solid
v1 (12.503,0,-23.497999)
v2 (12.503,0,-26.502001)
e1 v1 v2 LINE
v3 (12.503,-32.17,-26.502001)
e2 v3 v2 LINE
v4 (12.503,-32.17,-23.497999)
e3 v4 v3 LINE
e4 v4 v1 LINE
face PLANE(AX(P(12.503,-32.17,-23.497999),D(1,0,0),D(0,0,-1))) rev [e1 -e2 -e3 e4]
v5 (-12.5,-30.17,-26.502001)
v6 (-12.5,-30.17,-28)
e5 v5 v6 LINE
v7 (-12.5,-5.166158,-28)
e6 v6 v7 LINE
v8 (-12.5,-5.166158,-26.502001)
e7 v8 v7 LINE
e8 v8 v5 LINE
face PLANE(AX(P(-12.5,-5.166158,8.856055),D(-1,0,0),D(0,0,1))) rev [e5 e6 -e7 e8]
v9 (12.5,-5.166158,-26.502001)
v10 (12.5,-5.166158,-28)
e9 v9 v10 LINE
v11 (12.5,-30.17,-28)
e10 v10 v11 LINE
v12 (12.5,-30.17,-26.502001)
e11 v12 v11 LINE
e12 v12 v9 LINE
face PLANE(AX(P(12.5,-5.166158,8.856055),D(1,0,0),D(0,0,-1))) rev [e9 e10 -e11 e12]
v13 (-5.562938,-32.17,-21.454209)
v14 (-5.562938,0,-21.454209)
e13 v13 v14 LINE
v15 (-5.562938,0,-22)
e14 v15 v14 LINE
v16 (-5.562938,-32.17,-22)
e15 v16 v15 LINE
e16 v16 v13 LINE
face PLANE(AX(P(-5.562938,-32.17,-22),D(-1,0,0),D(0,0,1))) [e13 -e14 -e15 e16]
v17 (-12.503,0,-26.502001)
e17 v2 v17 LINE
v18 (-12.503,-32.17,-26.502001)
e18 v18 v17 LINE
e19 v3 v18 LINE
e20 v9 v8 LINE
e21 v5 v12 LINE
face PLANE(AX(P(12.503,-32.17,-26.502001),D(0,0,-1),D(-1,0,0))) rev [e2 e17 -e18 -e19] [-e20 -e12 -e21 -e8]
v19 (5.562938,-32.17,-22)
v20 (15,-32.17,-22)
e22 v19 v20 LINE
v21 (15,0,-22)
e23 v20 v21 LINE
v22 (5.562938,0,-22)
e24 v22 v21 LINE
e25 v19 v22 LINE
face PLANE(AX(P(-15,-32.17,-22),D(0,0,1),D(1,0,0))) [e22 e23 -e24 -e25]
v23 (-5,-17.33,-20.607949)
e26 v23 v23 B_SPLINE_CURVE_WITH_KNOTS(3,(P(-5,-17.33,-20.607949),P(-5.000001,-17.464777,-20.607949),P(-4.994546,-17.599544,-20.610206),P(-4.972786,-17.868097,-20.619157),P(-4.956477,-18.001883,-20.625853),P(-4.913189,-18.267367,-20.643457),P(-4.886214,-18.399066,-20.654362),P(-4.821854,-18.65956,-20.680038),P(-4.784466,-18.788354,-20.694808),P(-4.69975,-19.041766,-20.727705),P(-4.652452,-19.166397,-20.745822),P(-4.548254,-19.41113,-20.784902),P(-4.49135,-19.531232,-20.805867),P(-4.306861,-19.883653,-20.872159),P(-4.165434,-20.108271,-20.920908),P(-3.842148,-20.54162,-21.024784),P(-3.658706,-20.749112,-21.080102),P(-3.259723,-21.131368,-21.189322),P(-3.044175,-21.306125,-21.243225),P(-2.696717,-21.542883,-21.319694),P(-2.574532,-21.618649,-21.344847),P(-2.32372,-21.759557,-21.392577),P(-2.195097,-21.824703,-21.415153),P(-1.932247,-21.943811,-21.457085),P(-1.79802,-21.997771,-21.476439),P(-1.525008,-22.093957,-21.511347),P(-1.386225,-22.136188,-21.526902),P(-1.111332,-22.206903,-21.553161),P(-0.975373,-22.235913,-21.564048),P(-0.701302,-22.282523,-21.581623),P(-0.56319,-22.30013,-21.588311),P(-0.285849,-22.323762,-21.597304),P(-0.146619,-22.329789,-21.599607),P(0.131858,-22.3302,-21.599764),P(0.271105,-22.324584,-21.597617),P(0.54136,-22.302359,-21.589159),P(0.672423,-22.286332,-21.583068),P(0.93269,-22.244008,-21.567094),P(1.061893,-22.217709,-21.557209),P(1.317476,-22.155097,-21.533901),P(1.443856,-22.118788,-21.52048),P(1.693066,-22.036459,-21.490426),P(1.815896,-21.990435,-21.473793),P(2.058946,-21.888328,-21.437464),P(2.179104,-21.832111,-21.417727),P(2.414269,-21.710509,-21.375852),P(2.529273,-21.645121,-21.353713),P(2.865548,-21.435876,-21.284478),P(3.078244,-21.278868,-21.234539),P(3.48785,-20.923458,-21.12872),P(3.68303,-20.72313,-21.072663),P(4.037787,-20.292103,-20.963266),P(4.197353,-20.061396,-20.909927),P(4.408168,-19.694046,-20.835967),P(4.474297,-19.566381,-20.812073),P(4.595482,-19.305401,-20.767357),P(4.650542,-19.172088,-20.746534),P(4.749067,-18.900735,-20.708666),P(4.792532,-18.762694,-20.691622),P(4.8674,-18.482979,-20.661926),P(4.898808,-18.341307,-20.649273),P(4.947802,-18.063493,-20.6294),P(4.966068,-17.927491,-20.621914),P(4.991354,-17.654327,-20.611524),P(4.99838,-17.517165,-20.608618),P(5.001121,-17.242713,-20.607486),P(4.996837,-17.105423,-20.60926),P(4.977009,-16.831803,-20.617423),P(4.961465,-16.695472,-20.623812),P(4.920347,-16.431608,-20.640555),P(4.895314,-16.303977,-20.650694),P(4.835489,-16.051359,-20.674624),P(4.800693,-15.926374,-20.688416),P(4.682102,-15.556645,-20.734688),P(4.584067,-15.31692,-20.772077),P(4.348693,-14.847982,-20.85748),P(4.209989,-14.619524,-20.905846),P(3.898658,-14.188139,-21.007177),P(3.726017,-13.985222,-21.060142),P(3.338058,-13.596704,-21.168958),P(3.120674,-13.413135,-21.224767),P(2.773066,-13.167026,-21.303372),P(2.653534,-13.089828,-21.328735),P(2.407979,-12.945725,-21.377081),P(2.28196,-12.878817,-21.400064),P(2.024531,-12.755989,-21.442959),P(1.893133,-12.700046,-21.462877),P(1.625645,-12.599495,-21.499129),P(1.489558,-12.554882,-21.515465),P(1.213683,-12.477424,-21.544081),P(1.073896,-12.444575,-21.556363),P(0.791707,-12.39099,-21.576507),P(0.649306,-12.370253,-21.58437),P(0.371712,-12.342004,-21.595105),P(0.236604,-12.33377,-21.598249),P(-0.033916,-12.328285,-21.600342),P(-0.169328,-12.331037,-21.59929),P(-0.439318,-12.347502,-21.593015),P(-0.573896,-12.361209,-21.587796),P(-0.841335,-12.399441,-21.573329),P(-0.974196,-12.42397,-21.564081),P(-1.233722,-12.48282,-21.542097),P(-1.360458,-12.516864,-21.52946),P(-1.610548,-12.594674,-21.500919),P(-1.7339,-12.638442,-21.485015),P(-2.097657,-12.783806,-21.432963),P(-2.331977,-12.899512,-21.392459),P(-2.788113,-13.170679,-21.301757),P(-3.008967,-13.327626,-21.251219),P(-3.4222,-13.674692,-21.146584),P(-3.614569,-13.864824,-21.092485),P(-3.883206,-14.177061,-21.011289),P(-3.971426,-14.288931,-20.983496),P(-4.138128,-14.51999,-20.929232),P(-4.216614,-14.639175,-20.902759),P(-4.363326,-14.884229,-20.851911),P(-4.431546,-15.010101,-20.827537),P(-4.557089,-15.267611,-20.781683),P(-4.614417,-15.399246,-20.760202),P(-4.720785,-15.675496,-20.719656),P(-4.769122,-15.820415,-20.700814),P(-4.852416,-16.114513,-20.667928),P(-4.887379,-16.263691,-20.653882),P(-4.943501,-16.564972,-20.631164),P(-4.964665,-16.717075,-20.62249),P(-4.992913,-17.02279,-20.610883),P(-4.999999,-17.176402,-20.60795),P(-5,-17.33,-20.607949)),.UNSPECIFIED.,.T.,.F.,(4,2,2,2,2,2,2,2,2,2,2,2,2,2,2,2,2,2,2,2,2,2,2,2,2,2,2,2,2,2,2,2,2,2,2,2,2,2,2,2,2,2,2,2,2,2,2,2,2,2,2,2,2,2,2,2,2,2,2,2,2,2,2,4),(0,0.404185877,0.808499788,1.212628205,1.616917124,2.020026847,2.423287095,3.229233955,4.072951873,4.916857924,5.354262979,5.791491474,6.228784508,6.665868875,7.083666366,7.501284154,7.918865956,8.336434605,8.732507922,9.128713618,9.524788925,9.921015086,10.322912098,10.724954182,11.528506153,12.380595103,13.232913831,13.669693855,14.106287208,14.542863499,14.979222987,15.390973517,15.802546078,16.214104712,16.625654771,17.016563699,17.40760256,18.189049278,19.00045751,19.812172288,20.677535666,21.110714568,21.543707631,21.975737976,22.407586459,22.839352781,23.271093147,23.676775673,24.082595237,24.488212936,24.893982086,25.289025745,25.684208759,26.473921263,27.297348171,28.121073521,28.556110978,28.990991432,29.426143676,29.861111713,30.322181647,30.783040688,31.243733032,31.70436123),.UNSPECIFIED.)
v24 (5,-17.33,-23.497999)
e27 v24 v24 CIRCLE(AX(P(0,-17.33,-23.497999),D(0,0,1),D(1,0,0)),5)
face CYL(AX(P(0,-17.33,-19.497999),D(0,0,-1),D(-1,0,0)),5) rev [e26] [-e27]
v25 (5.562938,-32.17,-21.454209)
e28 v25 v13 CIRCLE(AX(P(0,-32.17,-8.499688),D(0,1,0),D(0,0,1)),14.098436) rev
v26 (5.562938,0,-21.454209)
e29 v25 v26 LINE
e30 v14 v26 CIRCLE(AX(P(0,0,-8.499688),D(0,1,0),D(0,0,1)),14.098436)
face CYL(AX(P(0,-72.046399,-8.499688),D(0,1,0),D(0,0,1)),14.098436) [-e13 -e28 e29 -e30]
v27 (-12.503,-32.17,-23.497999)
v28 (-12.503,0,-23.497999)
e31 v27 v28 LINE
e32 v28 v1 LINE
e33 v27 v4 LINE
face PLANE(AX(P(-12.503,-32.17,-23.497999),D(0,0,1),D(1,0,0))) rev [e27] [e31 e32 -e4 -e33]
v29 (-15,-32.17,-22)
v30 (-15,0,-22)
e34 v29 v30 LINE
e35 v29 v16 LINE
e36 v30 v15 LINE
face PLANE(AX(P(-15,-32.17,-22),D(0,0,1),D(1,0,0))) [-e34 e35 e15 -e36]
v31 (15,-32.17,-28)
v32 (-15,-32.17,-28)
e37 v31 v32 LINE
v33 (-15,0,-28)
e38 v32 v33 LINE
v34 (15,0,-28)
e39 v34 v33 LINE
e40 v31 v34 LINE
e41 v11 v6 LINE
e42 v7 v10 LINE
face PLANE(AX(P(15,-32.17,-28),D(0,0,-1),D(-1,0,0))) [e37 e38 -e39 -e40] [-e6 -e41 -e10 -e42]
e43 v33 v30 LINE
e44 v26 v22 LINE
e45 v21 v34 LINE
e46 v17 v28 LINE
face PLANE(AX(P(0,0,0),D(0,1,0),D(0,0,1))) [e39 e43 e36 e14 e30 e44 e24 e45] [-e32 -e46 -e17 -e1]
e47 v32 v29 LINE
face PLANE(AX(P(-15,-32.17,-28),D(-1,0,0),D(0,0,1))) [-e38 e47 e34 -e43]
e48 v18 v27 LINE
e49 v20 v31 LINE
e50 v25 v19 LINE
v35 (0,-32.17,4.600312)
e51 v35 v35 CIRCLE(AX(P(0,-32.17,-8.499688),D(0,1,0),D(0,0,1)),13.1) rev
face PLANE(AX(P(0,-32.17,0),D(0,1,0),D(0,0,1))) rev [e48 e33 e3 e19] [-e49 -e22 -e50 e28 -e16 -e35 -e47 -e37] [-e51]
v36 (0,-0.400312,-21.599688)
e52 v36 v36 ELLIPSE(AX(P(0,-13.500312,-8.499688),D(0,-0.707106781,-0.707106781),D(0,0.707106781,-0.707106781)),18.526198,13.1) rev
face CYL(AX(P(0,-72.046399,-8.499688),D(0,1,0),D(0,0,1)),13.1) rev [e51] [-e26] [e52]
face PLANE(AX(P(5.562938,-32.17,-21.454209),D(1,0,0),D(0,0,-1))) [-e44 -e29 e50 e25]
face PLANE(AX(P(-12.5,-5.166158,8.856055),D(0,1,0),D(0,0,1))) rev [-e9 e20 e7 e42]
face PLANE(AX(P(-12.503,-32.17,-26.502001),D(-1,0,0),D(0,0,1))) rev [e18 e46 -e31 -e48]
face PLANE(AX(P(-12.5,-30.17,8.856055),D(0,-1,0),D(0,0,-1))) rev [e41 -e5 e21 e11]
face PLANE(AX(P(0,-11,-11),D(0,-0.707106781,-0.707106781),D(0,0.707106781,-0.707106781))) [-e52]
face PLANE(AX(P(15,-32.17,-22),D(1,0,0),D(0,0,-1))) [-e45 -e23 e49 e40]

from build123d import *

# Parameters (mm, degrees)
CROQUIS1_W                 = 30
CROQUIS1_H                 = 6
CROQUIS1_W_2               = 25.006000518
CROQUIS1_H_2               = 3.004001618
SALIENTE_EXTRUIR1_DEPTH    = 32.17
CROQUIS2_W                 = 25
CROQUIS2_H                 = 25.003841724
CORTAR_EXTRUIR1_DEPTH      = 1.497999
CROQUIS3_R                 = 14.098435913
CROQUIS3_R_2               = 13.1
SALIENTE_EXTRUIR2_DEPTH    = 32.17
CROQUIS10_W                = 30.177827817
CROQUIS10_H                = 41.273822818
SALIENTE_EXTRUIR4_DEPTH    = 22
CORTAR_EXTRUIR2_DEPTH      = 10
CORTAR_EXTRUIR2_DEPTH_BACK = 58
CROQUIS12_W                = 43.091208183
CROQUIS12_H                = 18.563452801
CORTAR_EXTRUIR3_DEPTH      = 58
CORTAR_EXTRUIR3_DEPTH_BACK = 58
SALIENTE_EXTRUIR6_DEPTH    = 32.17
CROQUIS22_R                = 5
CORTAR_EXTRUIR6_DEPTH      = 4


with BuildPart() as part:
    # Croquis1 → Saliente-Extruir1 (new body)
    with BuildSketch(Plane(origin=(0, 0, 0), x_dir=(1, 0, 0), z_dir=(0, 1, 0))):
        with Locations((0, 25)):
            Rectangle(CROQUIS1_W, CROQUIS1_H)
        with Locations((0, 25)):
            Rectangle(CROQUIS1_W_2, CROQUIS1_H_2, mode=Mode.SUBTRACT)
    extrude(amount=-SALIENTE_EXTRUIR1_DEPTH)

    # Croquis2 → Cortar-Extruir1 (cut)
    with BuildSketch(Plane(origin=(0, 0, -28), x_dir=(1, 0, 0), z_dir=(0, 0, -1))):
        with Locations((0, 17.668079138)):
            Rectangle(CROQUIS2_W, CROQUIS2_H)
    extrude(amount=-CORTAR_EXTRUIR1_DEPTH, mode=Mode.SUBTRACT)

    # Croquis3 → Saliente-Extruir2 (add)
    with BuildSketch(Plane(origin=(0, 0, 0), x_dir=(1, 0, 0), z_dir=(0, 1, 0))):
        with Locations((0, 8.499687815)):
            Circle(CROQUIS3_R)
        with Locations((0, 8.499687815)):
            Circle(CROQUIS3_R_2, mode=Mode.SUBTRACT)
    extrude(amount=-SALIENTE_EXTRUIR2_DEPTH)

    # Croquis10 → Saliente-Extruir4 (add)
    with BuildSketch(Plane(origin=(0, -11, -11), x_dir=(-1, 0, 0), z_dir=(0, -0.707106781, -0.707106781))):
        with Locations((-0.620676422, -5.363625683)):
            Rectangle(CROQUIS10_W, CROQUIS10_H)
    extrude(amount=-SALIENTE_EXTRUIR4_DEPTH)

    # Croquis11 → Cortar-Extruir2 (cut, two sides)
    with BuildSketch(Plane.XZ.offset(32.17)) as cortar_extruir2_sk:
        with BuildLine():
            Line((-4.676723545, -21.799843908), (-14.468237486, -21.799843908))
            Line((-14.468237486, -21.799843908), (-14.468237486, 22.941505279))
            Line((-14.468237486, 22.941505279), (15.709590331, 22.941505279))
            Line((15.709590331, 22.941505279), (15.709590331, -21.799843908))
            Line((15.709590331, -21.799843908), (4.676723545, -21.799843908))
            ThreePointArc((4.676723545, -21.799843908), (0, 5.598748098), (-4.676723545, -21.799843908))
        make_face()
    extrude(amount=CORTAR_EXTRUIR2_DEPTH, mode=Mode.SUBTRACT)
    extrude(cortar_extruir2_sk.sketch, amount=-CORTAR_EXTRUIR2_DEPTH_BACK, mode=Mode.SUBTRACT)

    # Croquis12 → Cortar-Extruir3 (cut, two sides)
    with BuildSketch(Plane(origin=(0, 0, 0), x_dir=(0, 0, -1), z_dir=(1, 0, 0))) as cortar_extruir3_sk:
        with Locations((6.454395908, 9.281726401)):
            Rectangle(CROQUIS12_W, CROQUIS12_H)
    extrude(amount=CORTAR_EXTRUIR3_DEPTH, mode=Mode.SUBTRACT)
    extrude(cortar_extruir3_sk.sketch, amount=-CORTAR_EXTRUIR3_DEPTH_BACK, mode=Mode.SUBTRACT)

    # Croquis23 → Saliente-Extruir6 (add, through all)
    with BuildSketch(Plane(origin=(0, 0, 0), x_dir=(1, 0, 0), z_dir=(0, 1, 0))):
        with BuildLine():
            Line((-5.562938112, 22), (-4.062938112, 22))
            ThreePointArc((-4.062938112, 22), (-4.820668551, 21.748350009), (-5.562938112, 21.454208831))
            Line((-5.562938112, 21.454208831), (-5.562938112, 22))
        make_face()
        with BuildLine():
            Line((4.062938112, 22), (5.562938112, 22))
            Line((5.562938112, 22), (5.562938112, 21.454208831))
            ThreePointArc((5.562938112, 21.454208831), (4.820668551, 21.748350009), (4.062938112, 22))
        make_face()
    extrude(amount=-SALIENTE_EXTRUIR6_DEPTH)

    # Croquis22 → Cortar-Extruir6 (cut)
    with BuildSketch(Plane.XY.offset(-23.497999191)):
        with Locations((0, -17.33)):
            Circle(CROQUIS22_R)
    extrude(amount=CORTAR_EXTRUIR6_DEPTH, mode=Mode.SUBTRACT)


solid = part.part
